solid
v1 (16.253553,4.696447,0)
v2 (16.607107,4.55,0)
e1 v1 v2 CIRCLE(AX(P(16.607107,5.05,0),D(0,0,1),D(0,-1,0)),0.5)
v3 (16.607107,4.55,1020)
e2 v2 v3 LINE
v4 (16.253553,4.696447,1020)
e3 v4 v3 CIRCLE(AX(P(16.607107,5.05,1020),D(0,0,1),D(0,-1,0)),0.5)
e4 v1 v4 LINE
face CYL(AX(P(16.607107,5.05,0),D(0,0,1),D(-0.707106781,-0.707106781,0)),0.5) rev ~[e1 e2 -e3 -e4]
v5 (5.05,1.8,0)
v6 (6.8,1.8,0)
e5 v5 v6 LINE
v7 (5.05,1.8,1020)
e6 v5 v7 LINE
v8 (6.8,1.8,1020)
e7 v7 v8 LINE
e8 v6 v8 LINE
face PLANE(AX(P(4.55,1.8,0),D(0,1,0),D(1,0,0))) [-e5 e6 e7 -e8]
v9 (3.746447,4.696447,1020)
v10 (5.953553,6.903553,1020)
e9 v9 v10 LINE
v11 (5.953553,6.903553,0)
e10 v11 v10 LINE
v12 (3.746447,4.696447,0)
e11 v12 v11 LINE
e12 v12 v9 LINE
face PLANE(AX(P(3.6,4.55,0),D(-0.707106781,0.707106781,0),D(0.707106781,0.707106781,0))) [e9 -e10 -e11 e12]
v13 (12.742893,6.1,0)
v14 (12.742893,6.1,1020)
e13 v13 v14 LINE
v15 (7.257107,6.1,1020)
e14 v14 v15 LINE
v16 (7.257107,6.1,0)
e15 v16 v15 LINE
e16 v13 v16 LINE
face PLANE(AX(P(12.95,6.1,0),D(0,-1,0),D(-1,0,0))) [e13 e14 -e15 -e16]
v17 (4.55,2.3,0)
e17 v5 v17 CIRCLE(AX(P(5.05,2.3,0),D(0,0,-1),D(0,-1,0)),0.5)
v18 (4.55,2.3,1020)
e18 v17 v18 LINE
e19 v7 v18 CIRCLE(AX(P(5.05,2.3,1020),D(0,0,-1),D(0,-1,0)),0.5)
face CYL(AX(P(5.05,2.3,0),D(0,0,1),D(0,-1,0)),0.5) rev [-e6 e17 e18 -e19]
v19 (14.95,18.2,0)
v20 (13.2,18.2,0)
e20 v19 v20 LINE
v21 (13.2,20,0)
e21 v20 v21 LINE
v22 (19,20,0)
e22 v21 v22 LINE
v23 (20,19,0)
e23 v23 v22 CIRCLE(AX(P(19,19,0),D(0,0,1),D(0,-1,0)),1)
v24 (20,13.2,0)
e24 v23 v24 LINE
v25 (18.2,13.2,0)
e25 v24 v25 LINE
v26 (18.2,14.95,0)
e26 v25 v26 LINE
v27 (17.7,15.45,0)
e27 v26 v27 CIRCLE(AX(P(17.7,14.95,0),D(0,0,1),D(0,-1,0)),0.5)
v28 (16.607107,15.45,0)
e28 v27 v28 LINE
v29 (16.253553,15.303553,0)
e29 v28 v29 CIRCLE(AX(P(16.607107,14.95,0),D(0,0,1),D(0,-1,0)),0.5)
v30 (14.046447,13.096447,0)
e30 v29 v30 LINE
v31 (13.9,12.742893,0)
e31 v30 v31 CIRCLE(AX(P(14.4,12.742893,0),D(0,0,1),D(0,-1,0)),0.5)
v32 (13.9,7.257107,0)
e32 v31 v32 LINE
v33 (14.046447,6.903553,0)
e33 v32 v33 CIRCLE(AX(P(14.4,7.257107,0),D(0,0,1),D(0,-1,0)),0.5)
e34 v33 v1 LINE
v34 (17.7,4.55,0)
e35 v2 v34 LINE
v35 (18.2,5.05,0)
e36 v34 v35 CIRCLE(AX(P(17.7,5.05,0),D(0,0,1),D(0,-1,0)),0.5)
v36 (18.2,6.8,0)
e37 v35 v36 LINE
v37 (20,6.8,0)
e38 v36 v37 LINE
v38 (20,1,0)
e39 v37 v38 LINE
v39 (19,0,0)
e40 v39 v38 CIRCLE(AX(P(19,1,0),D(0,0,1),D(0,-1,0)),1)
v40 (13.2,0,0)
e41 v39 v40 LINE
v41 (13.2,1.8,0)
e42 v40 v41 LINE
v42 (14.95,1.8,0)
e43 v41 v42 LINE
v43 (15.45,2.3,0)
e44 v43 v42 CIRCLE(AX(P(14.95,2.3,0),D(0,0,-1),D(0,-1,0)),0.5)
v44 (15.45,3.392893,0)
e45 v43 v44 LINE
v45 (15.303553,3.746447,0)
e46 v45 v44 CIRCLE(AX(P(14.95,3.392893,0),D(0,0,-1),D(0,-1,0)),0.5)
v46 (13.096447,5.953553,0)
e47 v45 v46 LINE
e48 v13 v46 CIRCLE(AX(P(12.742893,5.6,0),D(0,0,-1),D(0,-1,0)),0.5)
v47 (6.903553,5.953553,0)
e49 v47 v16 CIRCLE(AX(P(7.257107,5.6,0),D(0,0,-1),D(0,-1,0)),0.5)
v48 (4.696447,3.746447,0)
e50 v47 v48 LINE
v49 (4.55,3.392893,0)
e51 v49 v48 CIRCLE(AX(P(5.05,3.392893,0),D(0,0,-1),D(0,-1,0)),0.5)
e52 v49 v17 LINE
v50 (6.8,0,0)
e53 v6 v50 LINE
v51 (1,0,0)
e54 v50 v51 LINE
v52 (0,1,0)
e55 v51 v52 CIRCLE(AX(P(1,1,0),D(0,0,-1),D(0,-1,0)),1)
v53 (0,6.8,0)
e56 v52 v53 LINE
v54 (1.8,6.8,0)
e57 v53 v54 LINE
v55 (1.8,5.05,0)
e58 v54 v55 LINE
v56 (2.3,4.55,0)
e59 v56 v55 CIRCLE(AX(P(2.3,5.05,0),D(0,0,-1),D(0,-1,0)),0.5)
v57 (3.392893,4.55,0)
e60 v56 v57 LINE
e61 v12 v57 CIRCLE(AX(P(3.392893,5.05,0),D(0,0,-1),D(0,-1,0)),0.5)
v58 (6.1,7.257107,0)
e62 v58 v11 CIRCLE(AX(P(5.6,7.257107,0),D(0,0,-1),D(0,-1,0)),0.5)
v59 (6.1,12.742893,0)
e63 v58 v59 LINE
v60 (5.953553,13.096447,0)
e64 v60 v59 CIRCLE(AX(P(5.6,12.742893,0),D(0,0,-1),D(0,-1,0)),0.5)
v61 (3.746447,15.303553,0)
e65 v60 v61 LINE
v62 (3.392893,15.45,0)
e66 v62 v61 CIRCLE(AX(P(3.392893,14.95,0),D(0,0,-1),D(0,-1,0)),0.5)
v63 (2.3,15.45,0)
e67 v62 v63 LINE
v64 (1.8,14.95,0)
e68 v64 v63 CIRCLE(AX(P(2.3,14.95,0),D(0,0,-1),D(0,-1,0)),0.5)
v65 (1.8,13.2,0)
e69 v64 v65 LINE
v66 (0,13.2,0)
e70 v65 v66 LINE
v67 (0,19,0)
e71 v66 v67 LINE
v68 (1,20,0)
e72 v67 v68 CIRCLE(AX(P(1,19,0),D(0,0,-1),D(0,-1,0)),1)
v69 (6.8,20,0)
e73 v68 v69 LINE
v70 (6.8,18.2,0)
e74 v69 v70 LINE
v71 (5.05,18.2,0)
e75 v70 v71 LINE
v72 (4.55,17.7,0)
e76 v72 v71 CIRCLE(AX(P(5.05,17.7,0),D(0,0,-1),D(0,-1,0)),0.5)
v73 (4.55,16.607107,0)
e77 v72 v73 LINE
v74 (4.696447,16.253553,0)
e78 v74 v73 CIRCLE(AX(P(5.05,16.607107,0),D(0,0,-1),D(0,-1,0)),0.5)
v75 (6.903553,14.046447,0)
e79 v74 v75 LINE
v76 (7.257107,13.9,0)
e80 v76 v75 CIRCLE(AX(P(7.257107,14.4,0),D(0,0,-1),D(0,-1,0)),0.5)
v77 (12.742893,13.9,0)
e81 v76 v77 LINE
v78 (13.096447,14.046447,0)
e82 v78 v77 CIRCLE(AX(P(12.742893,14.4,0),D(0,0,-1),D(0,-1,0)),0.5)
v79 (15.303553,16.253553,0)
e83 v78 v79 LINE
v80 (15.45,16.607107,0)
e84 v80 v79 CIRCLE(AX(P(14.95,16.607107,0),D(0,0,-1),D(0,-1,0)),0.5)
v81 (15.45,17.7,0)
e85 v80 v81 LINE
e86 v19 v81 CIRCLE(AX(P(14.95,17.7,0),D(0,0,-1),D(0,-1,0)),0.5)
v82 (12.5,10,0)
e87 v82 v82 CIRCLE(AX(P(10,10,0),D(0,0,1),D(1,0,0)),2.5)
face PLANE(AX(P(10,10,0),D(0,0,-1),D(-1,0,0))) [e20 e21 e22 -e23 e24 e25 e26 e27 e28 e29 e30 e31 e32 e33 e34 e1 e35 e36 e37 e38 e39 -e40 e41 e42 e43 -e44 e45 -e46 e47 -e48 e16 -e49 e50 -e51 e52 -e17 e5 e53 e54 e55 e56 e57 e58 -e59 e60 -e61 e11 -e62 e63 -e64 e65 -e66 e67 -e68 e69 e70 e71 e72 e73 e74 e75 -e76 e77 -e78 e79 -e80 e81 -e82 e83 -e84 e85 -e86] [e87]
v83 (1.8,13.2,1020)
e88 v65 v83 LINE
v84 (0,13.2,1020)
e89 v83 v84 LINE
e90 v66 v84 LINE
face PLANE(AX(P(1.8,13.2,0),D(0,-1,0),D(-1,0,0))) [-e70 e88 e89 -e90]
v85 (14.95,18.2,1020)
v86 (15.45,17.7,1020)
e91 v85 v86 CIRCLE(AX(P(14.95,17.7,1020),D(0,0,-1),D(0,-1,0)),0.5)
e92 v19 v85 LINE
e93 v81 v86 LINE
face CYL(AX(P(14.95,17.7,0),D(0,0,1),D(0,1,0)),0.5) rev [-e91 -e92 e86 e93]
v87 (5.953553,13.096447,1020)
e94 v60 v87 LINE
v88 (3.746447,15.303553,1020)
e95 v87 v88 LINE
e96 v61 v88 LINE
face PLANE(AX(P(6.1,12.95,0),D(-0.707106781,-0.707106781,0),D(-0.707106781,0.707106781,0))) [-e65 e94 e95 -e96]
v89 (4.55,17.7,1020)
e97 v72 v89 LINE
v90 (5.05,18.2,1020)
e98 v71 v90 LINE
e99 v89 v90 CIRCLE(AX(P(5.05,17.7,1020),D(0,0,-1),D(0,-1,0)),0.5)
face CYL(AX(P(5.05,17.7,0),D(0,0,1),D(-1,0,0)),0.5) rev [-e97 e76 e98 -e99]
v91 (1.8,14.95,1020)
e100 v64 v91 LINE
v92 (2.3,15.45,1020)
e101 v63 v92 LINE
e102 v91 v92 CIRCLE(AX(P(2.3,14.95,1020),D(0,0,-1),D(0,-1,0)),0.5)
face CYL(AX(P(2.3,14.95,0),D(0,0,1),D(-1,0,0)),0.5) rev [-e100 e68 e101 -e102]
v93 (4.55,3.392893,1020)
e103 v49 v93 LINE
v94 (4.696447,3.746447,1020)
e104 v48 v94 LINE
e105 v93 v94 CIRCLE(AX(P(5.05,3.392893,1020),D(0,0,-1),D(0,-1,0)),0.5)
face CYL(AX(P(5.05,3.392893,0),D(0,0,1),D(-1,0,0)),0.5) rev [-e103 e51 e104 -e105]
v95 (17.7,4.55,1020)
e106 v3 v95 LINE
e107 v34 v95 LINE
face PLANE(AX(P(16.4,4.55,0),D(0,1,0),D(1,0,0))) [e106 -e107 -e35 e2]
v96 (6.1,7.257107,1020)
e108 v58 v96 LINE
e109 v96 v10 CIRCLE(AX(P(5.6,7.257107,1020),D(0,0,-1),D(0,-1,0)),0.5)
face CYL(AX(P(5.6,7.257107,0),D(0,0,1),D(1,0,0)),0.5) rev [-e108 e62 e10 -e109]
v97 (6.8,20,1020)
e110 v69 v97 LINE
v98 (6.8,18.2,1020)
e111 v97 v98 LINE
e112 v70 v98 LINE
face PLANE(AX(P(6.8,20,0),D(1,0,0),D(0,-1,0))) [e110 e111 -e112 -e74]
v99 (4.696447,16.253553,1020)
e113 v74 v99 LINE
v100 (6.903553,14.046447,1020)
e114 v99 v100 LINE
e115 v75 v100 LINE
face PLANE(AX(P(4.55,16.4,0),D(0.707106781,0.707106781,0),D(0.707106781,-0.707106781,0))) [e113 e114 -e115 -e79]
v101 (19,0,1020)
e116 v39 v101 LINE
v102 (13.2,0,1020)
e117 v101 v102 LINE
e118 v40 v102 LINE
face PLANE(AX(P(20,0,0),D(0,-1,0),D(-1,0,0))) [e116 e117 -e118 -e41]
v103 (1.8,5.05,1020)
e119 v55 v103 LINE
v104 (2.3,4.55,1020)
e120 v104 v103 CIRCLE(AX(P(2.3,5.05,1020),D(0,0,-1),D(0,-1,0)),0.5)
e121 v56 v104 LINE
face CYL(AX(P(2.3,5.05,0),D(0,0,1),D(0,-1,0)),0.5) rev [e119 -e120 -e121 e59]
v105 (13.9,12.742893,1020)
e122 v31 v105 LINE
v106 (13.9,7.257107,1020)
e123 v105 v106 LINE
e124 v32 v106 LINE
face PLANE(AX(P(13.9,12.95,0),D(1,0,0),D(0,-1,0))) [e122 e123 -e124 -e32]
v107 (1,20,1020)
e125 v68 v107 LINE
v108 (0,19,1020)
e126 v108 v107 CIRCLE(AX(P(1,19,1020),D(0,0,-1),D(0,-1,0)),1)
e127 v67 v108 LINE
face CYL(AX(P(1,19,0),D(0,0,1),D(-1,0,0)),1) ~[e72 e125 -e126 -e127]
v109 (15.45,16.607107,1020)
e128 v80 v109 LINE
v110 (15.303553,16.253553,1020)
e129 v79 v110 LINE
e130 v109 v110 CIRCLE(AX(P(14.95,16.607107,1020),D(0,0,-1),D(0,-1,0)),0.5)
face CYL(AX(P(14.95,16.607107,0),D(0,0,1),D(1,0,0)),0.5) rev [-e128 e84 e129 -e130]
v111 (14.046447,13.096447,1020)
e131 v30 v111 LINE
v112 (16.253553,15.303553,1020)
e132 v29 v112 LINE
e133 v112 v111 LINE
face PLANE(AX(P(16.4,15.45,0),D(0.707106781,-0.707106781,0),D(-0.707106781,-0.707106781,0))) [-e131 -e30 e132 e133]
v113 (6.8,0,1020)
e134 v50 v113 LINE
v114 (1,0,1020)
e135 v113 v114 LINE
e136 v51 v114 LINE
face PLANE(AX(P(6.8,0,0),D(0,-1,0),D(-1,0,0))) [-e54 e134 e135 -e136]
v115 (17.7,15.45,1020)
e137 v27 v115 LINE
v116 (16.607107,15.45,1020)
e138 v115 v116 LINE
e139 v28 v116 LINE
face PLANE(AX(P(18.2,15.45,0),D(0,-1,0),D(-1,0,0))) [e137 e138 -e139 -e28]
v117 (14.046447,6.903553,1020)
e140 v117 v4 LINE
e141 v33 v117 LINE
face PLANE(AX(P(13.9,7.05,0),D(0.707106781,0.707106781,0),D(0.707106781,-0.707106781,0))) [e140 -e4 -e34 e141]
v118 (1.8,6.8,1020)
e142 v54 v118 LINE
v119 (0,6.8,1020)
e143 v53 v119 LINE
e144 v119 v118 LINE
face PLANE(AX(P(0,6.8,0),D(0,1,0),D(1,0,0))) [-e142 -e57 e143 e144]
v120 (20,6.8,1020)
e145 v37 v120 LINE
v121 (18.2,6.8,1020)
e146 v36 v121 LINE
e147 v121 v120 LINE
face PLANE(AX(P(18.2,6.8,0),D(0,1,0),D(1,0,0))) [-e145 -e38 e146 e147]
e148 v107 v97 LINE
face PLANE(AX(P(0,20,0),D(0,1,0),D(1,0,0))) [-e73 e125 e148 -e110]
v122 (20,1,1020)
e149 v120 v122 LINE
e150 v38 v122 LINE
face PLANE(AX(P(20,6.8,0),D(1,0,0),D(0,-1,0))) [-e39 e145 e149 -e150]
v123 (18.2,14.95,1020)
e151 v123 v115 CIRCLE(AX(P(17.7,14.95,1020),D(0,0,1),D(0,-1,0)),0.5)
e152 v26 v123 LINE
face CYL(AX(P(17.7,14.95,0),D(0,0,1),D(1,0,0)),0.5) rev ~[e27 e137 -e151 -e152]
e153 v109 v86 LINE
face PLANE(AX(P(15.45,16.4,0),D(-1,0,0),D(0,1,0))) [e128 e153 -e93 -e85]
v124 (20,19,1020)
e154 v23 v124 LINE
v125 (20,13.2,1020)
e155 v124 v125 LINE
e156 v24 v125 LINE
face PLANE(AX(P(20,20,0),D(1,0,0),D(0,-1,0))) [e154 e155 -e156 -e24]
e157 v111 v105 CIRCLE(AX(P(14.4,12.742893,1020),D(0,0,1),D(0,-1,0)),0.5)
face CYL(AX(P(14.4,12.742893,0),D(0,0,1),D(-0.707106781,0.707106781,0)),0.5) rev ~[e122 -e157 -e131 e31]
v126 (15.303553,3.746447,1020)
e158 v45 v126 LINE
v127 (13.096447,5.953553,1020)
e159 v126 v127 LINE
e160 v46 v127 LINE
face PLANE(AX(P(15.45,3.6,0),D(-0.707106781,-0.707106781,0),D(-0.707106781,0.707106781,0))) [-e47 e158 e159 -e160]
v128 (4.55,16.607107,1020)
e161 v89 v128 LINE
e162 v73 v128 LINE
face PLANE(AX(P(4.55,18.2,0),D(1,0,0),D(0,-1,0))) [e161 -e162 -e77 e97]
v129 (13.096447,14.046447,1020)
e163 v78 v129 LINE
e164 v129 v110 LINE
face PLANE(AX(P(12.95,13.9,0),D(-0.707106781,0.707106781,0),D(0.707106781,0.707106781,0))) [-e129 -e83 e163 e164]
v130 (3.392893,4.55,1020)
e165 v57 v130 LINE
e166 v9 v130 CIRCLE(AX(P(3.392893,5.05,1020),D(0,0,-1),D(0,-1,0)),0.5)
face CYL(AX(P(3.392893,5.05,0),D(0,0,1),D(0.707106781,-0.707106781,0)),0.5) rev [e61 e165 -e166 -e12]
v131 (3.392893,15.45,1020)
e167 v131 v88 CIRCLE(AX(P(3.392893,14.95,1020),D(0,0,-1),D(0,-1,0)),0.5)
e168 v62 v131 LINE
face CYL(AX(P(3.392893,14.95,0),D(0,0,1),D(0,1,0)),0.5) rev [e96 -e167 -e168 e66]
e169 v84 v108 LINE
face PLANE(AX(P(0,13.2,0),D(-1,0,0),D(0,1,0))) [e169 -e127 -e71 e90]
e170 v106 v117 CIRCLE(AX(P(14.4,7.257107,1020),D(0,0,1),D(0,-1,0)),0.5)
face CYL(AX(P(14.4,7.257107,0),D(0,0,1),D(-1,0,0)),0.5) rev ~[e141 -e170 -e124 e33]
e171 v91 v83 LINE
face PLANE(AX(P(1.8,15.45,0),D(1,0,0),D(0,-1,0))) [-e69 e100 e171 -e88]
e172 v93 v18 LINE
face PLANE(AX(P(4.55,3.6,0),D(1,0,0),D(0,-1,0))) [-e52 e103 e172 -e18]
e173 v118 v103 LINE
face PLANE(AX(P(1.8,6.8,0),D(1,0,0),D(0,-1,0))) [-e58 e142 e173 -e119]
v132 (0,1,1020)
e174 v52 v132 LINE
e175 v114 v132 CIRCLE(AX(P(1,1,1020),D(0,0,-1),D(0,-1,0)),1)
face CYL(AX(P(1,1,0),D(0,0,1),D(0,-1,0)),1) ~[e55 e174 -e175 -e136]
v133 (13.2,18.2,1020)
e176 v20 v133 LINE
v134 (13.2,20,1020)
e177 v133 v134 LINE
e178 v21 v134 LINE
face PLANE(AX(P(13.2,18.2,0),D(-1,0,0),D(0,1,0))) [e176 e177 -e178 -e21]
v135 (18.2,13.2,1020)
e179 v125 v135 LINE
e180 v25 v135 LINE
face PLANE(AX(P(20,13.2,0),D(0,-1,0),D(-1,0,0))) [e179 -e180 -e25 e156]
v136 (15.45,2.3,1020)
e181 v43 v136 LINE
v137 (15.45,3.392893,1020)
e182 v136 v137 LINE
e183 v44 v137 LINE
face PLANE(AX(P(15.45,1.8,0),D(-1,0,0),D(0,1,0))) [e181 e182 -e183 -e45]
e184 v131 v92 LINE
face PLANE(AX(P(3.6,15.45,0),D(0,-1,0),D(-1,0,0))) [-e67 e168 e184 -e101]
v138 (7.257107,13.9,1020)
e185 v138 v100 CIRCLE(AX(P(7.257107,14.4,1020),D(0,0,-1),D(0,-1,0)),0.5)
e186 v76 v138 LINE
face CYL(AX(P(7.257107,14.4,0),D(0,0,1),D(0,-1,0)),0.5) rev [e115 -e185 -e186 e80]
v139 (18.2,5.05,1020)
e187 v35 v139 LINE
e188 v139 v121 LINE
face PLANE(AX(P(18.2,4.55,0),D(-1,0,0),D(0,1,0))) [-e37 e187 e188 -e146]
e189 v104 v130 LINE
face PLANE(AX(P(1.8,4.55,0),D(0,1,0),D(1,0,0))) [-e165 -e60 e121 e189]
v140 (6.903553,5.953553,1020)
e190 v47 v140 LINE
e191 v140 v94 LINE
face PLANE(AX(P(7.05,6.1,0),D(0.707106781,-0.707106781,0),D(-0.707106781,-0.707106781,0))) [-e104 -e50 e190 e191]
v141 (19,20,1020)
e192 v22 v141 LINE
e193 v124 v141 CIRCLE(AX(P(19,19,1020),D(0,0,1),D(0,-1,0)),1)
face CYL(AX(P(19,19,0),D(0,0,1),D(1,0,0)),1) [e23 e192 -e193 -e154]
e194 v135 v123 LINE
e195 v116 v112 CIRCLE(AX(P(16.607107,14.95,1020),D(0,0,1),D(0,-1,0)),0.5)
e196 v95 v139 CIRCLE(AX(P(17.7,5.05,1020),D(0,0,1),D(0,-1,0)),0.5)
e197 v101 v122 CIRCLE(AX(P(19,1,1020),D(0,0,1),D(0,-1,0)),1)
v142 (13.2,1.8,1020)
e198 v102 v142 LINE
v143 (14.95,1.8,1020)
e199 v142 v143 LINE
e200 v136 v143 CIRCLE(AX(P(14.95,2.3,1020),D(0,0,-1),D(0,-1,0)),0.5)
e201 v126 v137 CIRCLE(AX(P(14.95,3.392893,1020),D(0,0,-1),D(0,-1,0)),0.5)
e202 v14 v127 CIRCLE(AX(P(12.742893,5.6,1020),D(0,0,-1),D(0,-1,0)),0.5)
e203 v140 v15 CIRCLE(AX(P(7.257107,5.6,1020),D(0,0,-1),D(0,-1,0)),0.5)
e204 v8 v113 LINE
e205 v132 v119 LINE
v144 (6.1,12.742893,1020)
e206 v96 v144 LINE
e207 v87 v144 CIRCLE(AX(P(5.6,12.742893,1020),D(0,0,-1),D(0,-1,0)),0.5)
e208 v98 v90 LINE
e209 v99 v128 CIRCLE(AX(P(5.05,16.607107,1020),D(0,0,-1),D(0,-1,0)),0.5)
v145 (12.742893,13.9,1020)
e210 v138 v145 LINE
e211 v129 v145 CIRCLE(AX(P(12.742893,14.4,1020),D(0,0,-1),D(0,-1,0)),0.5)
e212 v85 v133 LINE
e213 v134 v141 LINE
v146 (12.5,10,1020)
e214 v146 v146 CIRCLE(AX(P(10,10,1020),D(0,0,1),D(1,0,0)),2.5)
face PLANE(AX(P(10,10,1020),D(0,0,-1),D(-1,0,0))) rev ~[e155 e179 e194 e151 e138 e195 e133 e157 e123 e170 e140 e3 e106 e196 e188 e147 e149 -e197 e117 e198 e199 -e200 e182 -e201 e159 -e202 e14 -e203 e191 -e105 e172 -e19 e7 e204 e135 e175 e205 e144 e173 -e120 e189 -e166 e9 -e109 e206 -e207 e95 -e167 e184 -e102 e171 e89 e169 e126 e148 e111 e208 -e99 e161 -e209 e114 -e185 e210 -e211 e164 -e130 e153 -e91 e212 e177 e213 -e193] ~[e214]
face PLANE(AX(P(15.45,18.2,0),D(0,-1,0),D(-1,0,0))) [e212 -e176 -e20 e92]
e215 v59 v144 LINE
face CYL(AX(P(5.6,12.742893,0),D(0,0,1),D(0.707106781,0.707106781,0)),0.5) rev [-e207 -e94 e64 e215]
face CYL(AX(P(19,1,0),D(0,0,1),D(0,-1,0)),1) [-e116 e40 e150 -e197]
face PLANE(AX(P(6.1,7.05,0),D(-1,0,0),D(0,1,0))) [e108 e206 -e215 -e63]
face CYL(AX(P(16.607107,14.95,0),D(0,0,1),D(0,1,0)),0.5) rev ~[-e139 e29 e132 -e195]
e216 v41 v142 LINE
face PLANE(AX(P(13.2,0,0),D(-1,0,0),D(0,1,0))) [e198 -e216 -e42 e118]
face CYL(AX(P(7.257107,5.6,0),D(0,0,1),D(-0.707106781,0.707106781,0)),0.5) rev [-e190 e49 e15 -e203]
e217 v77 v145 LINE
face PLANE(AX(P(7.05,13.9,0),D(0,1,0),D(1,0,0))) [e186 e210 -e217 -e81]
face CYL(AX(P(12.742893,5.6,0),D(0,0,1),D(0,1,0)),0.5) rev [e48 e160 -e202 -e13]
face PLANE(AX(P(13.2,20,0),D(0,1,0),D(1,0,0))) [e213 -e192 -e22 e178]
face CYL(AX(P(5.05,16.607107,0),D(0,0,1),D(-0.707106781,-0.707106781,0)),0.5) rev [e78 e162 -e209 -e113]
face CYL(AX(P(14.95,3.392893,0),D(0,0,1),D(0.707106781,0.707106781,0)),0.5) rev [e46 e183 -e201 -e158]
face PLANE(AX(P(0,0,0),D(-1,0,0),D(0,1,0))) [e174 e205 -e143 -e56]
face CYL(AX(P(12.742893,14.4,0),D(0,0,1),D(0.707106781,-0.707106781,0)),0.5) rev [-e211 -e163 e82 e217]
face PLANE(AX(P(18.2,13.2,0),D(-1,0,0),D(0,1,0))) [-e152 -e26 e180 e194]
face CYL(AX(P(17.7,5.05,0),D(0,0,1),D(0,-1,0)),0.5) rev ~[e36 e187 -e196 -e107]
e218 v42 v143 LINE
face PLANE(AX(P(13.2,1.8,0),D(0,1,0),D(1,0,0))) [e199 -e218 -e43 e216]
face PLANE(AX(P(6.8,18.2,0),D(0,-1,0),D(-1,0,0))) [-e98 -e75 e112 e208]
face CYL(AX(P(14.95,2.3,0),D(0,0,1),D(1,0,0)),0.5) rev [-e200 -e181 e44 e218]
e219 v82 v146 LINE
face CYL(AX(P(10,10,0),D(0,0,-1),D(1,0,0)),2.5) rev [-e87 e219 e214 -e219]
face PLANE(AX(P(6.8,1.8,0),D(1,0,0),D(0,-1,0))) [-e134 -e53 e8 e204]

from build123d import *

# Parameters (mm, degrees)
SKETCH1_R           = 2.5
BOSS_EXTRUDE1_DEPTH = 1020
FILLET1_R           = 1
FILLET2_R           = 0.5
FILLET3_R           = 0.5
FILLET4_R           = 0.5
FILLET5_R           = 0.5


with BuildPart() as part:
    # Sketch1 → Boss-Extrude1 (new body)
    with BuildSketch(Plane.XY):
        Polygon((13.2, 0), (13.2, 1.8), (15.45, 1.8), (15.45, 3.6), (12.95, 6.1), (7.05, 6.1), (4.55, 3.6), (4.55, 1.8), (6.8, 1.8), (6.8, 0), (0, 0), (0, 6.8), (1.8, 6.8), (1.8, 4.55), (3.6, 4.55), (6.1, 7.05), (6.1, 12.95), (3.6, 15.45), (1.8, 15.45), (1.8, 13.2), (0, 13.2), (0, 20), (6.8, 20), (6.8, 18.2), (4.55, 18.2), (4.55, 16.4), (7.05, 13.9), (12.95, 13.9), (15.45, 16.4), (15.45, 18.2), (13.2, 18.2), (13.2, 20), (20, 20), (20, 13.2), (18.2, 13.2), (18.2, 15.45), (16.4, 15.45), (13.9, 12.95), (13.9, 7.05), (16.4, 4.55), (18.2, 4.55), (18.2, 6.8), (20, 6.8), (20, 0), align=None)
        with Locations((10, 10)):
            Circle(SKETCH1_R, mode=Mode.SUBTRACT)
    extrude(amount=BOSS_EXTRUDE1_DEPTH)

    # Fillet1
    fillet1_edges = [part.edges().sort_by_distance(p)[0] for p in [
        (0, 0, 510),
        (0, 20, 510),
        (20, 20, 510),
        (20, 0, 510),
    ]]
    fillet(fillet1_edges, radius=FILLET1_R)

    # Fillet2
    fillet2_edges = [part.edges().sort_by_distance(p)[0] for p in [
        (4.55, 18.2, 510),
        (4.55, 16.4, 510),
        (7.05, 13.9, 510),
        (12.95, 13.9, 510),
        (15.45, 16.4, 510),
        (15.45, 18.2, 510),
    ]]
    fillet(fillet2_edges, radius=FILLET2_R)

    # Fillet3
    fillet3_edges = [part.edges().sort_by_distance(p)[0] for p in [
        (18.2, 15.45, 510),
        (16.4, 15.45, 510),
        (13.9, 12.95, 510),
        (13.9, 7.05, 510),
        (16.4, 4.55, 510),
        (18.2, 4.55, 510),
    ]]
    fillet(fillet3_edges, radius=FILLET3_R)

    # Fillet4
    fillet4_edges = [part.edges().sort_by_distance(p)[0] for p in [
        (1.8, 4.55, 510),
        (3.6, 4.55, 510),
        (6.1, 7.05, 510),
        (6.1, 12.95, 510),
        (3.6, 15.45, 510),
        (1.8, 15.45, 510),
    ]]
    fillet(fillet4_edges, radius=FILLET4_R)

    # Fillet5
    fillet5_edges = [part.edges().sort_by_distance(p)[0] for p in [
        (15.45, 1.8, 510),
        (15.45, 3.6, 510),
        (12.95, 6.1, 510),
        (7.05, 6.1, 510),
        (4.55, 3.6, 510),
        (4.55, 1.8, 510),
    ]]
    fillet(fillet5_edges, radius=FILLET5_R)


solid = part.part
